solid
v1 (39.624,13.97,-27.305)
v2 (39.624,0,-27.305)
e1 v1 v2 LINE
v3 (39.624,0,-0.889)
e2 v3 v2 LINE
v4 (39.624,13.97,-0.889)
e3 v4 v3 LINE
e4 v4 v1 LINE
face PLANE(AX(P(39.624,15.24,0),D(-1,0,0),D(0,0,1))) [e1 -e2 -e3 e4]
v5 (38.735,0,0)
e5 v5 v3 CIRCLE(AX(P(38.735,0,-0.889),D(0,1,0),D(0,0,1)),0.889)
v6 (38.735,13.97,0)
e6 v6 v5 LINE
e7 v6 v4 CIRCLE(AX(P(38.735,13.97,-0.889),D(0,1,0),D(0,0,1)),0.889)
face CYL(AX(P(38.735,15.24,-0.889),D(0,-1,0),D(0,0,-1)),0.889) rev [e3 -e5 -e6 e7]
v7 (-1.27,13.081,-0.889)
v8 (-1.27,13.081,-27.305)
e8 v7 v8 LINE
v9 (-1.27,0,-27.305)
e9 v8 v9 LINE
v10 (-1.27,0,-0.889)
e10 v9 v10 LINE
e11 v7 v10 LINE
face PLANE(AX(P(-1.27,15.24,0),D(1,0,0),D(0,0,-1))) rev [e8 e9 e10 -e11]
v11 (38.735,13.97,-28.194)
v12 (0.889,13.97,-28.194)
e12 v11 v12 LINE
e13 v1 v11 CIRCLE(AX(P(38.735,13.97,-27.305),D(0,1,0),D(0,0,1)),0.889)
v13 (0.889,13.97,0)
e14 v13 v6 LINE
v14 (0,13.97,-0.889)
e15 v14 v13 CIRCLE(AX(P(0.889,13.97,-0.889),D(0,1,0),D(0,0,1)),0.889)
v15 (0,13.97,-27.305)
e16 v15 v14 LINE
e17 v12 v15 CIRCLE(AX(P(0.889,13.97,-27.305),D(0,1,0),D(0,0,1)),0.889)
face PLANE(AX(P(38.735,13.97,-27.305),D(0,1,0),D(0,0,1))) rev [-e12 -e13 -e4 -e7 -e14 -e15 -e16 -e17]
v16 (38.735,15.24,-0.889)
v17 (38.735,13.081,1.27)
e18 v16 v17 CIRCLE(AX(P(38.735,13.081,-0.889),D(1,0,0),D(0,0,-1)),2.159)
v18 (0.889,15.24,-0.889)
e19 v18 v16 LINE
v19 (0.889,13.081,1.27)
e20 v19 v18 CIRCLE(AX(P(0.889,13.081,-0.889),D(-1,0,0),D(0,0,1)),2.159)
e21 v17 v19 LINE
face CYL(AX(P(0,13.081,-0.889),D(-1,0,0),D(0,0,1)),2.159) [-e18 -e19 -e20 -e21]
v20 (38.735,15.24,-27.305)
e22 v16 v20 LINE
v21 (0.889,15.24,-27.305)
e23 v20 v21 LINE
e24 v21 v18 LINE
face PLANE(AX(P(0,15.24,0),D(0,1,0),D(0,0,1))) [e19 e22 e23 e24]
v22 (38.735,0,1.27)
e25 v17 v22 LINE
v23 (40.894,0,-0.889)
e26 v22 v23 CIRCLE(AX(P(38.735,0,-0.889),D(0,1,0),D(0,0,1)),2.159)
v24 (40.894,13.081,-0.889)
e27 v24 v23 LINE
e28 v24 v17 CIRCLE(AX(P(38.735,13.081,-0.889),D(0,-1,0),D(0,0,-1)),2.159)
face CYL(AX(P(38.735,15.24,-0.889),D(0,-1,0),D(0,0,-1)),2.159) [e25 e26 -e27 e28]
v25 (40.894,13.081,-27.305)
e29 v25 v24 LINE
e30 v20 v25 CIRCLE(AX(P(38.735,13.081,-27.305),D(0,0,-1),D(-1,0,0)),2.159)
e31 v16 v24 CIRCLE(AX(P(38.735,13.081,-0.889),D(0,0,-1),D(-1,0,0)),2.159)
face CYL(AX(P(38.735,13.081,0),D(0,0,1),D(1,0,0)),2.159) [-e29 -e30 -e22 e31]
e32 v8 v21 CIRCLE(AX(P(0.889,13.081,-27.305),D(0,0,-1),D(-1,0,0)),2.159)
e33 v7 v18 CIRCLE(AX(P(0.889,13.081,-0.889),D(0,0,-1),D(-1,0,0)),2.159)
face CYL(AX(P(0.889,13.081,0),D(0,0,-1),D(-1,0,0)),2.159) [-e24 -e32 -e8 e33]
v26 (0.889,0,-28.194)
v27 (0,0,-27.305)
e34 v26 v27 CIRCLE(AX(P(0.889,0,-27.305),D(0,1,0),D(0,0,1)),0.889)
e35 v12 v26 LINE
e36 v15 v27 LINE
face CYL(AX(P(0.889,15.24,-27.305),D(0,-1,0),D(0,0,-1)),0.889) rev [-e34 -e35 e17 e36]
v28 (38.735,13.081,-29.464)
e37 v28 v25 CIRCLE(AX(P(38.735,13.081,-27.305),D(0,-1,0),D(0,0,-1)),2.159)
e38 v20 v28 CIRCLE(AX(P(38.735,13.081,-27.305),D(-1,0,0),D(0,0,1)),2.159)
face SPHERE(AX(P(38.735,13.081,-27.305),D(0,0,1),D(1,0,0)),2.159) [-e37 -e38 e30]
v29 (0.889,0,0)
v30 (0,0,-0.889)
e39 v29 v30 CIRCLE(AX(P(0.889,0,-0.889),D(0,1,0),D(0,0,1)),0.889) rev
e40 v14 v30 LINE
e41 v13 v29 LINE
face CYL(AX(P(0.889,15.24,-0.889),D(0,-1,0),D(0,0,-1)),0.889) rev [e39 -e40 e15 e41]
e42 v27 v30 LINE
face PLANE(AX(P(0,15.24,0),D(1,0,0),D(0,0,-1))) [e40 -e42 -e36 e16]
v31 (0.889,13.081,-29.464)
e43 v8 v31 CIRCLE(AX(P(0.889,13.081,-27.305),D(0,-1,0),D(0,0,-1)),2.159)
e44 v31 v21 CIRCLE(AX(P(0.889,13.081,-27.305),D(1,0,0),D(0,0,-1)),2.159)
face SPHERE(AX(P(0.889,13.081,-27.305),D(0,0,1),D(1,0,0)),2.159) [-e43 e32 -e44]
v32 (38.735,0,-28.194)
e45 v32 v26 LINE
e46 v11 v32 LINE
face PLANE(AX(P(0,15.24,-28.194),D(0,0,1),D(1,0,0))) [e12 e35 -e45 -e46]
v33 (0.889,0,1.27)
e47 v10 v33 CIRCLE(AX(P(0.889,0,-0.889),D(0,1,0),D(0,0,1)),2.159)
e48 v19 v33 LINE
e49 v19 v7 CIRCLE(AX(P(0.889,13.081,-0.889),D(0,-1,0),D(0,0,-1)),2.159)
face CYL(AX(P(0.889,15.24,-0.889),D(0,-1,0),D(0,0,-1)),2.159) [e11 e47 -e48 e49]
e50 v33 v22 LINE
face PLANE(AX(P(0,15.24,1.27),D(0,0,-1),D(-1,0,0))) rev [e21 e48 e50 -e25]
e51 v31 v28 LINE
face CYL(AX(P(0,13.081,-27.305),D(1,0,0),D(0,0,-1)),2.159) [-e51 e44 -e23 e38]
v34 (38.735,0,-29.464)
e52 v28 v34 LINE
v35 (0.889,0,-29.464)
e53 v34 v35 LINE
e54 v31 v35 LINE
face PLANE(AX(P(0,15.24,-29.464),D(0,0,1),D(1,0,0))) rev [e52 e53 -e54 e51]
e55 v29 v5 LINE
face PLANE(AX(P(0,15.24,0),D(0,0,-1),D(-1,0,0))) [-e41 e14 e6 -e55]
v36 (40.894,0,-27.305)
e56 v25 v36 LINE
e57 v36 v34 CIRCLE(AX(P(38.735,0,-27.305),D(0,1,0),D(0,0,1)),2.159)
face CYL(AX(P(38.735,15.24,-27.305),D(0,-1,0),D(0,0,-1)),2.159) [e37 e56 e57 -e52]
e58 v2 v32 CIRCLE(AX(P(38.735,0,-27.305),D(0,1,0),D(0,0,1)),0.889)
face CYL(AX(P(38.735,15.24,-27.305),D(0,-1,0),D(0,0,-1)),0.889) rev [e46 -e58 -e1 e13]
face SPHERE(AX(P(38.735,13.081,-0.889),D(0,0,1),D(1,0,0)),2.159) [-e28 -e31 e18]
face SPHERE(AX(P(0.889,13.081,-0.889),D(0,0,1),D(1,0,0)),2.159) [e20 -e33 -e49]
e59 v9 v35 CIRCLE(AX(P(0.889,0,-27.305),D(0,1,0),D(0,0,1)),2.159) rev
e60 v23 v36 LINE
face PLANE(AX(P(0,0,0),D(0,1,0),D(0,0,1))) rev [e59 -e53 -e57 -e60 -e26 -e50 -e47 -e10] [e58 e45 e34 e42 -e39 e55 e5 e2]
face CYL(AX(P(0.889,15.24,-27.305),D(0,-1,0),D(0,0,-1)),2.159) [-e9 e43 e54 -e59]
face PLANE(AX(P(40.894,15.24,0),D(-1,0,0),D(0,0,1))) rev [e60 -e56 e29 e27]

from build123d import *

# Parameters (mm, degrees)
BOSS_EXTRUDE1_DEPTH = 15.24
BOSS_EXTRUDE2_START = -1.27
BOSS_EXTRUDE2_DEPTH = 1.27
FILLET1_R           = 2.159


with BuildPart() as part:
    # Sketch1 → Boss-Extrude1 (new body)
    with BuildSketch(Plane(origin=(0, 0, 0), x_dir=(1, 0, 0), z_dir=(0, 1, 0))):
        with BuildLine():
            ThreePointArc((0.889, 29.464), (-0.637643541, 28.831643541), (-1.27, 27.305))
            Line((-1.27, 27.305), (-1.27, 0.889))
            ThreePointArc((-1.27, 0.889), (-0.637643541, -0.637643541), (0.889, -1.27))
            Line((0.889, -1.27), (38.735, -1.27))
            ThreePointArc((38.735, -1.27), (40.261643541, -0.637643541), (40.894, 0.889))
            Line((40.894, 0.889), (40.894, 27.305))
            ThreePointArc((40.894, 27.305), (40.261643541, 28.831643541), (38.735, 29.464))
            Line((38.735, 29.464), (0.889, 29.464))
        make_face()
        with BuildLine():
            Line((38.735, 0), (0.889, 0))
            ThreePointArc((0.889, 0), (0.260382072, 0.260382072), (0, 0.889))
            Line((0, 0.889), (0, 27.305))
            ThreePointArc((0, 27.305), (0.260382072, 27.933617928), (0.889, 28.194))
            Line((0.889, 28.194), (38.735, 28.194))
            ThreePointArc((38.735, 28.194), (39.363617928, 27.933617928), (39.624, 27.305))
            Line((39.624, 27.305), (39.624, 0.889))
            ThreePointArc((39.624, 0.889), (39.363617928, 0.260382072), (38.735, 0))
        make_face(mode=Mode.SUBTRACT)
    extrude(amount=BOSS_EXTRUDE1_DEPTH)

    # Sketch2 → Boss-Extrude2 (add)
    with BuildSketch(Plane(origin=(0, 15.24, 0), x_dir=(1, 0, 0), z_dir=(0, 1, 0)).offset(BOSS_EXTRUDE2_START)):
        with BuildLine():
            Line((38.735, 28.194), (0.889, 28.194))
            ThreePointArc((0.889, 28.194), (0.260382072, 27.933617928), (0, 27.305))
            Line((0, 27.305), (0, 0.889))
            ThreePointArc((0, 0.889), (0.260382072, 0.260382072), (0.889, 0))
            Line((0.889, 0), (38.735, 0))
            ThreePointArc((38.735, 0), (39.363617928, 0.260382072), (39.624, 0.889))
            Line((39.624, 0.889), (39.624, 27.305))
            ThreePointArc((39.624, 27.305), (39.363617928, 27.933617928), (38.735, 28.194))
        make_face()
    extrude(amount=BOSS_EXTRUDE2_DEPTH)

    # Fillet1
    fillet1_edges = [part.edges().sort_by_distance(p)[0] for p in [
        (19.812, 15.24, -29.464),
        (40.261643541, 15.24, -28.831643541),
        (40.894, 15.24, -14.097),
        (40.261643541, 15.24, 0.637643541),
        (19.812, 15.24, 1.27),
        (-0.637643541, 15.24, 0.637643541),
        (-1.27, 15.24, -14.097),
        (-0.637643541, 15.24, -28.831643541),
    ]]
    fillet(fillet1_edges, radius=FILLET1_R)


solid = part.part
